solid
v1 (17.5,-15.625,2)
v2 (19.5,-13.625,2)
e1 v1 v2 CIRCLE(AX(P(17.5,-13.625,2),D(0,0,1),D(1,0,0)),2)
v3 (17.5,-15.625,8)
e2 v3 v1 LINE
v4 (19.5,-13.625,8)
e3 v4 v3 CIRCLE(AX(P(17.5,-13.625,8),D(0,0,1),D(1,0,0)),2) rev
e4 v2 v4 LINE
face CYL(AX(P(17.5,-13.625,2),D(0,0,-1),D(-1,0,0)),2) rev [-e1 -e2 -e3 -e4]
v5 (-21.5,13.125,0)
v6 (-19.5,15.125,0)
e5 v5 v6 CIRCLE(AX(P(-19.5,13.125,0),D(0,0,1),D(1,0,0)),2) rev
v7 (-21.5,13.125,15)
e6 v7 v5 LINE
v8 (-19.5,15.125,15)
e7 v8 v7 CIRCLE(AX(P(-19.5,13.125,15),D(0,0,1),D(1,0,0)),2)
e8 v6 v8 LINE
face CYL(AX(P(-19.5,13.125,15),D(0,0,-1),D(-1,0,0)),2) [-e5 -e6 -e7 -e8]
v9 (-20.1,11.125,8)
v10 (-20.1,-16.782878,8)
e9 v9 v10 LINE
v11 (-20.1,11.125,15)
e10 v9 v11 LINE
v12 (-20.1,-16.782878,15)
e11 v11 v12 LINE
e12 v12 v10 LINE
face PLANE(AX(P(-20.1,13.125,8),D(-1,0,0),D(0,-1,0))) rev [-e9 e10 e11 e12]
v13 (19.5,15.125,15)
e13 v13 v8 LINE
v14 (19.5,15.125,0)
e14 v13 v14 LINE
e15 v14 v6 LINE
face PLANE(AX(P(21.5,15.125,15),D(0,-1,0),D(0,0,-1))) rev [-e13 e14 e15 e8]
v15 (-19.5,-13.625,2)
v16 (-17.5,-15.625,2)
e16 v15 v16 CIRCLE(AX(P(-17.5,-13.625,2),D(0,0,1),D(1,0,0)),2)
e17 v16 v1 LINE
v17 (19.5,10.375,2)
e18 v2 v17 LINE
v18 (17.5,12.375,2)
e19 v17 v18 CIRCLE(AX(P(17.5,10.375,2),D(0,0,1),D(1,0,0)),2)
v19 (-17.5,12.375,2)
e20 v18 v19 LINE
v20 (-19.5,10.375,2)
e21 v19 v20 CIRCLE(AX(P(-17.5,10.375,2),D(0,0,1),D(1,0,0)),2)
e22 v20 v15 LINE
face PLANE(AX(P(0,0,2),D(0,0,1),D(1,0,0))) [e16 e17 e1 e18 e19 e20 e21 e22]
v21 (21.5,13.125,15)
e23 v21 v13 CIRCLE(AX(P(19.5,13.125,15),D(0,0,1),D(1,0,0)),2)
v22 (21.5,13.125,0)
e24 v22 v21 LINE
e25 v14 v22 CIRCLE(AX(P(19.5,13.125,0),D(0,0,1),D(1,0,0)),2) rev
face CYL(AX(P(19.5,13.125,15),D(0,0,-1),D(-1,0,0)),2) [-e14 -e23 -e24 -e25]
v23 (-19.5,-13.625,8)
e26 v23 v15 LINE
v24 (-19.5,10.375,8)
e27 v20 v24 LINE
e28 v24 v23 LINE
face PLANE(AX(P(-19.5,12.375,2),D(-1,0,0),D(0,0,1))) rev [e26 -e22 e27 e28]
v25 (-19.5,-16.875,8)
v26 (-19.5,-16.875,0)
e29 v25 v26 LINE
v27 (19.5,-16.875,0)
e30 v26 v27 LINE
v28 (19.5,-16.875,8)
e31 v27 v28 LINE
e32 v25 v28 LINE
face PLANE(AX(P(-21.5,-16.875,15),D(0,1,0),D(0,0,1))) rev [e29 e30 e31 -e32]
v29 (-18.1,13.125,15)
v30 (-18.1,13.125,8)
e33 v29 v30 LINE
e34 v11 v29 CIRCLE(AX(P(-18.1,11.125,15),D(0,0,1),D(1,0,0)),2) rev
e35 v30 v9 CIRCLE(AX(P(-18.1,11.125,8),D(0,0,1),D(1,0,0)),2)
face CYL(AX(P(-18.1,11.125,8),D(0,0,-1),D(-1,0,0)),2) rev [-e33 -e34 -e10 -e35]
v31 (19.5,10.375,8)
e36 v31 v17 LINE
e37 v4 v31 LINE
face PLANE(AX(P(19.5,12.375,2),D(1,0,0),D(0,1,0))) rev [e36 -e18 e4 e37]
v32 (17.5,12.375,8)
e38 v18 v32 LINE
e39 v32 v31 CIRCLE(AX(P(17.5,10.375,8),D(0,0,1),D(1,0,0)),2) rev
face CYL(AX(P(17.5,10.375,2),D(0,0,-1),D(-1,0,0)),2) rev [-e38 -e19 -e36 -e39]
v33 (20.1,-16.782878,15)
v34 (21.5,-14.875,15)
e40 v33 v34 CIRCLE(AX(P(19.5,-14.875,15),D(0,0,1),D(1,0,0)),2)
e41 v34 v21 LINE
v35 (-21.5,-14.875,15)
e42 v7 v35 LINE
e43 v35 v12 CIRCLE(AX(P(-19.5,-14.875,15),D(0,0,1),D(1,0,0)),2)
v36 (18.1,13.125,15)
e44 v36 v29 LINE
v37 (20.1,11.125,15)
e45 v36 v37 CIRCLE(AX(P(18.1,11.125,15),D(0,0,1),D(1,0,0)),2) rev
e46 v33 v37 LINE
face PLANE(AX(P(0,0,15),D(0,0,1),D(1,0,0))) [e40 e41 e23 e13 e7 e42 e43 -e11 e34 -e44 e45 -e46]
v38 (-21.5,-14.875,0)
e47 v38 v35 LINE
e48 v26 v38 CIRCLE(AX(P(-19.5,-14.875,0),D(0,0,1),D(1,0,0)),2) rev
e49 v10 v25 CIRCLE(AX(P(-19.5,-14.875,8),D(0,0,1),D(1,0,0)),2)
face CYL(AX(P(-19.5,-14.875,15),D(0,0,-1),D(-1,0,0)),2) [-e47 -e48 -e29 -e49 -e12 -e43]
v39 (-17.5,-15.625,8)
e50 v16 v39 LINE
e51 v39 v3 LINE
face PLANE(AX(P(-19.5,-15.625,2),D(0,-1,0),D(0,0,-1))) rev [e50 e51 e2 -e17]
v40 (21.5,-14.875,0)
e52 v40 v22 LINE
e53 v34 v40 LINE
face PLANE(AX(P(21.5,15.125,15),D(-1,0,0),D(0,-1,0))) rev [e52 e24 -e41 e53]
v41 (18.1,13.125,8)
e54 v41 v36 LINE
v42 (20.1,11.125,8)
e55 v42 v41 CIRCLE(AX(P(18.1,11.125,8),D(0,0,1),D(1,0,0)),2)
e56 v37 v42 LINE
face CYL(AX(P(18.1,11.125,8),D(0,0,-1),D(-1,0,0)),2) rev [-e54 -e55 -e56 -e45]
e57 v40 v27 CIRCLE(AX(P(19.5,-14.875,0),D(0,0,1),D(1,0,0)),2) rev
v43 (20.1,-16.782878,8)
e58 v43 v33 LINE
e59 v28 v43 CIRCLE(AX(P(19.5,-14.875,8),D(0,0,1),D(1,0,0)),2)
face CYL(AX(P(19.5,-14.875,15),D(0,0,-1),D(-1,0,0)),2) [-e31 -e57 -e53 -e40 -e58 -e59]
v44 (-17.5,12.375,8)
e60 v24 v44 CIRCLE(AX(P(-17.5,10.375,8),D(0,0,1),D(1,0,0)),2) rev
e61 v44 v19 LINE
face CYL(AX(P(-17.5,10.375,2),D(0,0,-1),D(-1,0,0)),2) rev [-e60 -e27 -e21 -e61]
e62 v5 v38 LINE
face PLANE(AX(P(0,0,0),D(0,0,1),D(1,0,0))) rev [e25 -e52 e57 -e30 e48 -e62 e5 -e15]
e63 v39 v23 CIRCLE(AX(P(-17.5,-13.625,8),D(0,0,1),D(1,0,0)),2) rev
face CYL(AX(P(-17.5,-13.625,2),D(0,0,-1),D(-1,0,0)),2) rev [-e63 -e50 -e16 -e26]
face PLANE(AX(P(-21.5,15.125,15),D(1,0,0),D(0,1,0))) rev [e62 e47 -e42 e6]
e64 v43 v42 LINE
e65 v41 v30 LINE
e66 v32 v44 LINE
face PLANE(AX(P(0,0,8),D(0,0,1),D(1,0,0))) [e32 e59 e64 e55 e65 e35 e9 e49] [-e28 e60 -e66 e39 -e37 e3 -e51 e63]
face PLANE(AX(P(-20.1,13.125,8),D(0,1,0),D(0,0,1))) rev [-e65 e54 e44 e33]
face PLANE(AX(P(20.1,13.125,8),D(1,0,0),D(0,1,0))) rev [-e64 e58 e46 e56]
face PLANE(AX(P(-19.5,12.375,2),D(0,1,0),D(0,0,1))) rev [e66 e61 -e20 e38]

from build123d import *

# Parameters (mm, degrees)
SKETCH1_W           = 43
SKETCH1_H           = 32
BOSS_EXTRUDE1_DEPTH = 15
SKETCH2_W           = 40.2
SKETCH2_H           = 30
CUT_EXTRUDE1_DEPTH  = 7
SKETCH3_W           = 39
SKETCH3_H           = 28
CUT_EXTRUDE2_DEPTH  = 6
FILLET2_R           = 2
FILLET4_R           = 2


with BuildPart() as part:
    # Sketch1 → Boss-Extrude1 (new body)
    with BuildSketch(Plane.XY):
        with Locations((0, -0.875)):
            Rectangle(SKETCH1_W, SKETCH1_H)
    extrude(amount=BOSS_EXTRUDE1_DEPTH)

    # Sketch2 → Cut-Extrude1 (cut)
    with BuildSketch(Plane.XY.offset(15)):
        with Locations((0, -1.875)):
            Rectangle(SKETCH2_W, SKETCH2_H)
    extrude(amount=-CUT_EXTRUDE1_DEPTH, mode=Mode.SUBTRACT)

    # Sketch3 → Cut-Extrude2 (cut)
    with BuildSketch(Plane.XY.offset(8)):
        with Locations((0, -1.625)):
            Rectangle(SKETCH3_W, SKETCH3_H)
    extrude(amount=-CUT_EXTRUDE2_DEPTH, mode=Mode.SUBTRACT)

    # Fillet2
    fillet2_edges = [part.edges().sort_by_distance(p)[0] for p in [
        (20.1, 13.125, 11.5),
        (-20.1, 13.125, 11.5),
        (19.5, 12.375, 5),
        (19.5, -15.625, 5),
        (-19.5, -15.625, 5),
        (-19.5, 12.375, 5),
    ]]
    fillet(fillet2_edges, radius=FILLET2_R)

    # Fillet4
    fillet4_edges = [part.edges().sort_by_distance(p)[0] for p in [
        (-21.5, -16.875, 7.5),
        (21.5, -16.875, 7.5),
        (21.5, 15.125, 7.5),
        (-21.5, 15.125, 7.5),
    ]]
    fillet(fillet4_edges, radius=FILLET4_R)


solid = part.part
